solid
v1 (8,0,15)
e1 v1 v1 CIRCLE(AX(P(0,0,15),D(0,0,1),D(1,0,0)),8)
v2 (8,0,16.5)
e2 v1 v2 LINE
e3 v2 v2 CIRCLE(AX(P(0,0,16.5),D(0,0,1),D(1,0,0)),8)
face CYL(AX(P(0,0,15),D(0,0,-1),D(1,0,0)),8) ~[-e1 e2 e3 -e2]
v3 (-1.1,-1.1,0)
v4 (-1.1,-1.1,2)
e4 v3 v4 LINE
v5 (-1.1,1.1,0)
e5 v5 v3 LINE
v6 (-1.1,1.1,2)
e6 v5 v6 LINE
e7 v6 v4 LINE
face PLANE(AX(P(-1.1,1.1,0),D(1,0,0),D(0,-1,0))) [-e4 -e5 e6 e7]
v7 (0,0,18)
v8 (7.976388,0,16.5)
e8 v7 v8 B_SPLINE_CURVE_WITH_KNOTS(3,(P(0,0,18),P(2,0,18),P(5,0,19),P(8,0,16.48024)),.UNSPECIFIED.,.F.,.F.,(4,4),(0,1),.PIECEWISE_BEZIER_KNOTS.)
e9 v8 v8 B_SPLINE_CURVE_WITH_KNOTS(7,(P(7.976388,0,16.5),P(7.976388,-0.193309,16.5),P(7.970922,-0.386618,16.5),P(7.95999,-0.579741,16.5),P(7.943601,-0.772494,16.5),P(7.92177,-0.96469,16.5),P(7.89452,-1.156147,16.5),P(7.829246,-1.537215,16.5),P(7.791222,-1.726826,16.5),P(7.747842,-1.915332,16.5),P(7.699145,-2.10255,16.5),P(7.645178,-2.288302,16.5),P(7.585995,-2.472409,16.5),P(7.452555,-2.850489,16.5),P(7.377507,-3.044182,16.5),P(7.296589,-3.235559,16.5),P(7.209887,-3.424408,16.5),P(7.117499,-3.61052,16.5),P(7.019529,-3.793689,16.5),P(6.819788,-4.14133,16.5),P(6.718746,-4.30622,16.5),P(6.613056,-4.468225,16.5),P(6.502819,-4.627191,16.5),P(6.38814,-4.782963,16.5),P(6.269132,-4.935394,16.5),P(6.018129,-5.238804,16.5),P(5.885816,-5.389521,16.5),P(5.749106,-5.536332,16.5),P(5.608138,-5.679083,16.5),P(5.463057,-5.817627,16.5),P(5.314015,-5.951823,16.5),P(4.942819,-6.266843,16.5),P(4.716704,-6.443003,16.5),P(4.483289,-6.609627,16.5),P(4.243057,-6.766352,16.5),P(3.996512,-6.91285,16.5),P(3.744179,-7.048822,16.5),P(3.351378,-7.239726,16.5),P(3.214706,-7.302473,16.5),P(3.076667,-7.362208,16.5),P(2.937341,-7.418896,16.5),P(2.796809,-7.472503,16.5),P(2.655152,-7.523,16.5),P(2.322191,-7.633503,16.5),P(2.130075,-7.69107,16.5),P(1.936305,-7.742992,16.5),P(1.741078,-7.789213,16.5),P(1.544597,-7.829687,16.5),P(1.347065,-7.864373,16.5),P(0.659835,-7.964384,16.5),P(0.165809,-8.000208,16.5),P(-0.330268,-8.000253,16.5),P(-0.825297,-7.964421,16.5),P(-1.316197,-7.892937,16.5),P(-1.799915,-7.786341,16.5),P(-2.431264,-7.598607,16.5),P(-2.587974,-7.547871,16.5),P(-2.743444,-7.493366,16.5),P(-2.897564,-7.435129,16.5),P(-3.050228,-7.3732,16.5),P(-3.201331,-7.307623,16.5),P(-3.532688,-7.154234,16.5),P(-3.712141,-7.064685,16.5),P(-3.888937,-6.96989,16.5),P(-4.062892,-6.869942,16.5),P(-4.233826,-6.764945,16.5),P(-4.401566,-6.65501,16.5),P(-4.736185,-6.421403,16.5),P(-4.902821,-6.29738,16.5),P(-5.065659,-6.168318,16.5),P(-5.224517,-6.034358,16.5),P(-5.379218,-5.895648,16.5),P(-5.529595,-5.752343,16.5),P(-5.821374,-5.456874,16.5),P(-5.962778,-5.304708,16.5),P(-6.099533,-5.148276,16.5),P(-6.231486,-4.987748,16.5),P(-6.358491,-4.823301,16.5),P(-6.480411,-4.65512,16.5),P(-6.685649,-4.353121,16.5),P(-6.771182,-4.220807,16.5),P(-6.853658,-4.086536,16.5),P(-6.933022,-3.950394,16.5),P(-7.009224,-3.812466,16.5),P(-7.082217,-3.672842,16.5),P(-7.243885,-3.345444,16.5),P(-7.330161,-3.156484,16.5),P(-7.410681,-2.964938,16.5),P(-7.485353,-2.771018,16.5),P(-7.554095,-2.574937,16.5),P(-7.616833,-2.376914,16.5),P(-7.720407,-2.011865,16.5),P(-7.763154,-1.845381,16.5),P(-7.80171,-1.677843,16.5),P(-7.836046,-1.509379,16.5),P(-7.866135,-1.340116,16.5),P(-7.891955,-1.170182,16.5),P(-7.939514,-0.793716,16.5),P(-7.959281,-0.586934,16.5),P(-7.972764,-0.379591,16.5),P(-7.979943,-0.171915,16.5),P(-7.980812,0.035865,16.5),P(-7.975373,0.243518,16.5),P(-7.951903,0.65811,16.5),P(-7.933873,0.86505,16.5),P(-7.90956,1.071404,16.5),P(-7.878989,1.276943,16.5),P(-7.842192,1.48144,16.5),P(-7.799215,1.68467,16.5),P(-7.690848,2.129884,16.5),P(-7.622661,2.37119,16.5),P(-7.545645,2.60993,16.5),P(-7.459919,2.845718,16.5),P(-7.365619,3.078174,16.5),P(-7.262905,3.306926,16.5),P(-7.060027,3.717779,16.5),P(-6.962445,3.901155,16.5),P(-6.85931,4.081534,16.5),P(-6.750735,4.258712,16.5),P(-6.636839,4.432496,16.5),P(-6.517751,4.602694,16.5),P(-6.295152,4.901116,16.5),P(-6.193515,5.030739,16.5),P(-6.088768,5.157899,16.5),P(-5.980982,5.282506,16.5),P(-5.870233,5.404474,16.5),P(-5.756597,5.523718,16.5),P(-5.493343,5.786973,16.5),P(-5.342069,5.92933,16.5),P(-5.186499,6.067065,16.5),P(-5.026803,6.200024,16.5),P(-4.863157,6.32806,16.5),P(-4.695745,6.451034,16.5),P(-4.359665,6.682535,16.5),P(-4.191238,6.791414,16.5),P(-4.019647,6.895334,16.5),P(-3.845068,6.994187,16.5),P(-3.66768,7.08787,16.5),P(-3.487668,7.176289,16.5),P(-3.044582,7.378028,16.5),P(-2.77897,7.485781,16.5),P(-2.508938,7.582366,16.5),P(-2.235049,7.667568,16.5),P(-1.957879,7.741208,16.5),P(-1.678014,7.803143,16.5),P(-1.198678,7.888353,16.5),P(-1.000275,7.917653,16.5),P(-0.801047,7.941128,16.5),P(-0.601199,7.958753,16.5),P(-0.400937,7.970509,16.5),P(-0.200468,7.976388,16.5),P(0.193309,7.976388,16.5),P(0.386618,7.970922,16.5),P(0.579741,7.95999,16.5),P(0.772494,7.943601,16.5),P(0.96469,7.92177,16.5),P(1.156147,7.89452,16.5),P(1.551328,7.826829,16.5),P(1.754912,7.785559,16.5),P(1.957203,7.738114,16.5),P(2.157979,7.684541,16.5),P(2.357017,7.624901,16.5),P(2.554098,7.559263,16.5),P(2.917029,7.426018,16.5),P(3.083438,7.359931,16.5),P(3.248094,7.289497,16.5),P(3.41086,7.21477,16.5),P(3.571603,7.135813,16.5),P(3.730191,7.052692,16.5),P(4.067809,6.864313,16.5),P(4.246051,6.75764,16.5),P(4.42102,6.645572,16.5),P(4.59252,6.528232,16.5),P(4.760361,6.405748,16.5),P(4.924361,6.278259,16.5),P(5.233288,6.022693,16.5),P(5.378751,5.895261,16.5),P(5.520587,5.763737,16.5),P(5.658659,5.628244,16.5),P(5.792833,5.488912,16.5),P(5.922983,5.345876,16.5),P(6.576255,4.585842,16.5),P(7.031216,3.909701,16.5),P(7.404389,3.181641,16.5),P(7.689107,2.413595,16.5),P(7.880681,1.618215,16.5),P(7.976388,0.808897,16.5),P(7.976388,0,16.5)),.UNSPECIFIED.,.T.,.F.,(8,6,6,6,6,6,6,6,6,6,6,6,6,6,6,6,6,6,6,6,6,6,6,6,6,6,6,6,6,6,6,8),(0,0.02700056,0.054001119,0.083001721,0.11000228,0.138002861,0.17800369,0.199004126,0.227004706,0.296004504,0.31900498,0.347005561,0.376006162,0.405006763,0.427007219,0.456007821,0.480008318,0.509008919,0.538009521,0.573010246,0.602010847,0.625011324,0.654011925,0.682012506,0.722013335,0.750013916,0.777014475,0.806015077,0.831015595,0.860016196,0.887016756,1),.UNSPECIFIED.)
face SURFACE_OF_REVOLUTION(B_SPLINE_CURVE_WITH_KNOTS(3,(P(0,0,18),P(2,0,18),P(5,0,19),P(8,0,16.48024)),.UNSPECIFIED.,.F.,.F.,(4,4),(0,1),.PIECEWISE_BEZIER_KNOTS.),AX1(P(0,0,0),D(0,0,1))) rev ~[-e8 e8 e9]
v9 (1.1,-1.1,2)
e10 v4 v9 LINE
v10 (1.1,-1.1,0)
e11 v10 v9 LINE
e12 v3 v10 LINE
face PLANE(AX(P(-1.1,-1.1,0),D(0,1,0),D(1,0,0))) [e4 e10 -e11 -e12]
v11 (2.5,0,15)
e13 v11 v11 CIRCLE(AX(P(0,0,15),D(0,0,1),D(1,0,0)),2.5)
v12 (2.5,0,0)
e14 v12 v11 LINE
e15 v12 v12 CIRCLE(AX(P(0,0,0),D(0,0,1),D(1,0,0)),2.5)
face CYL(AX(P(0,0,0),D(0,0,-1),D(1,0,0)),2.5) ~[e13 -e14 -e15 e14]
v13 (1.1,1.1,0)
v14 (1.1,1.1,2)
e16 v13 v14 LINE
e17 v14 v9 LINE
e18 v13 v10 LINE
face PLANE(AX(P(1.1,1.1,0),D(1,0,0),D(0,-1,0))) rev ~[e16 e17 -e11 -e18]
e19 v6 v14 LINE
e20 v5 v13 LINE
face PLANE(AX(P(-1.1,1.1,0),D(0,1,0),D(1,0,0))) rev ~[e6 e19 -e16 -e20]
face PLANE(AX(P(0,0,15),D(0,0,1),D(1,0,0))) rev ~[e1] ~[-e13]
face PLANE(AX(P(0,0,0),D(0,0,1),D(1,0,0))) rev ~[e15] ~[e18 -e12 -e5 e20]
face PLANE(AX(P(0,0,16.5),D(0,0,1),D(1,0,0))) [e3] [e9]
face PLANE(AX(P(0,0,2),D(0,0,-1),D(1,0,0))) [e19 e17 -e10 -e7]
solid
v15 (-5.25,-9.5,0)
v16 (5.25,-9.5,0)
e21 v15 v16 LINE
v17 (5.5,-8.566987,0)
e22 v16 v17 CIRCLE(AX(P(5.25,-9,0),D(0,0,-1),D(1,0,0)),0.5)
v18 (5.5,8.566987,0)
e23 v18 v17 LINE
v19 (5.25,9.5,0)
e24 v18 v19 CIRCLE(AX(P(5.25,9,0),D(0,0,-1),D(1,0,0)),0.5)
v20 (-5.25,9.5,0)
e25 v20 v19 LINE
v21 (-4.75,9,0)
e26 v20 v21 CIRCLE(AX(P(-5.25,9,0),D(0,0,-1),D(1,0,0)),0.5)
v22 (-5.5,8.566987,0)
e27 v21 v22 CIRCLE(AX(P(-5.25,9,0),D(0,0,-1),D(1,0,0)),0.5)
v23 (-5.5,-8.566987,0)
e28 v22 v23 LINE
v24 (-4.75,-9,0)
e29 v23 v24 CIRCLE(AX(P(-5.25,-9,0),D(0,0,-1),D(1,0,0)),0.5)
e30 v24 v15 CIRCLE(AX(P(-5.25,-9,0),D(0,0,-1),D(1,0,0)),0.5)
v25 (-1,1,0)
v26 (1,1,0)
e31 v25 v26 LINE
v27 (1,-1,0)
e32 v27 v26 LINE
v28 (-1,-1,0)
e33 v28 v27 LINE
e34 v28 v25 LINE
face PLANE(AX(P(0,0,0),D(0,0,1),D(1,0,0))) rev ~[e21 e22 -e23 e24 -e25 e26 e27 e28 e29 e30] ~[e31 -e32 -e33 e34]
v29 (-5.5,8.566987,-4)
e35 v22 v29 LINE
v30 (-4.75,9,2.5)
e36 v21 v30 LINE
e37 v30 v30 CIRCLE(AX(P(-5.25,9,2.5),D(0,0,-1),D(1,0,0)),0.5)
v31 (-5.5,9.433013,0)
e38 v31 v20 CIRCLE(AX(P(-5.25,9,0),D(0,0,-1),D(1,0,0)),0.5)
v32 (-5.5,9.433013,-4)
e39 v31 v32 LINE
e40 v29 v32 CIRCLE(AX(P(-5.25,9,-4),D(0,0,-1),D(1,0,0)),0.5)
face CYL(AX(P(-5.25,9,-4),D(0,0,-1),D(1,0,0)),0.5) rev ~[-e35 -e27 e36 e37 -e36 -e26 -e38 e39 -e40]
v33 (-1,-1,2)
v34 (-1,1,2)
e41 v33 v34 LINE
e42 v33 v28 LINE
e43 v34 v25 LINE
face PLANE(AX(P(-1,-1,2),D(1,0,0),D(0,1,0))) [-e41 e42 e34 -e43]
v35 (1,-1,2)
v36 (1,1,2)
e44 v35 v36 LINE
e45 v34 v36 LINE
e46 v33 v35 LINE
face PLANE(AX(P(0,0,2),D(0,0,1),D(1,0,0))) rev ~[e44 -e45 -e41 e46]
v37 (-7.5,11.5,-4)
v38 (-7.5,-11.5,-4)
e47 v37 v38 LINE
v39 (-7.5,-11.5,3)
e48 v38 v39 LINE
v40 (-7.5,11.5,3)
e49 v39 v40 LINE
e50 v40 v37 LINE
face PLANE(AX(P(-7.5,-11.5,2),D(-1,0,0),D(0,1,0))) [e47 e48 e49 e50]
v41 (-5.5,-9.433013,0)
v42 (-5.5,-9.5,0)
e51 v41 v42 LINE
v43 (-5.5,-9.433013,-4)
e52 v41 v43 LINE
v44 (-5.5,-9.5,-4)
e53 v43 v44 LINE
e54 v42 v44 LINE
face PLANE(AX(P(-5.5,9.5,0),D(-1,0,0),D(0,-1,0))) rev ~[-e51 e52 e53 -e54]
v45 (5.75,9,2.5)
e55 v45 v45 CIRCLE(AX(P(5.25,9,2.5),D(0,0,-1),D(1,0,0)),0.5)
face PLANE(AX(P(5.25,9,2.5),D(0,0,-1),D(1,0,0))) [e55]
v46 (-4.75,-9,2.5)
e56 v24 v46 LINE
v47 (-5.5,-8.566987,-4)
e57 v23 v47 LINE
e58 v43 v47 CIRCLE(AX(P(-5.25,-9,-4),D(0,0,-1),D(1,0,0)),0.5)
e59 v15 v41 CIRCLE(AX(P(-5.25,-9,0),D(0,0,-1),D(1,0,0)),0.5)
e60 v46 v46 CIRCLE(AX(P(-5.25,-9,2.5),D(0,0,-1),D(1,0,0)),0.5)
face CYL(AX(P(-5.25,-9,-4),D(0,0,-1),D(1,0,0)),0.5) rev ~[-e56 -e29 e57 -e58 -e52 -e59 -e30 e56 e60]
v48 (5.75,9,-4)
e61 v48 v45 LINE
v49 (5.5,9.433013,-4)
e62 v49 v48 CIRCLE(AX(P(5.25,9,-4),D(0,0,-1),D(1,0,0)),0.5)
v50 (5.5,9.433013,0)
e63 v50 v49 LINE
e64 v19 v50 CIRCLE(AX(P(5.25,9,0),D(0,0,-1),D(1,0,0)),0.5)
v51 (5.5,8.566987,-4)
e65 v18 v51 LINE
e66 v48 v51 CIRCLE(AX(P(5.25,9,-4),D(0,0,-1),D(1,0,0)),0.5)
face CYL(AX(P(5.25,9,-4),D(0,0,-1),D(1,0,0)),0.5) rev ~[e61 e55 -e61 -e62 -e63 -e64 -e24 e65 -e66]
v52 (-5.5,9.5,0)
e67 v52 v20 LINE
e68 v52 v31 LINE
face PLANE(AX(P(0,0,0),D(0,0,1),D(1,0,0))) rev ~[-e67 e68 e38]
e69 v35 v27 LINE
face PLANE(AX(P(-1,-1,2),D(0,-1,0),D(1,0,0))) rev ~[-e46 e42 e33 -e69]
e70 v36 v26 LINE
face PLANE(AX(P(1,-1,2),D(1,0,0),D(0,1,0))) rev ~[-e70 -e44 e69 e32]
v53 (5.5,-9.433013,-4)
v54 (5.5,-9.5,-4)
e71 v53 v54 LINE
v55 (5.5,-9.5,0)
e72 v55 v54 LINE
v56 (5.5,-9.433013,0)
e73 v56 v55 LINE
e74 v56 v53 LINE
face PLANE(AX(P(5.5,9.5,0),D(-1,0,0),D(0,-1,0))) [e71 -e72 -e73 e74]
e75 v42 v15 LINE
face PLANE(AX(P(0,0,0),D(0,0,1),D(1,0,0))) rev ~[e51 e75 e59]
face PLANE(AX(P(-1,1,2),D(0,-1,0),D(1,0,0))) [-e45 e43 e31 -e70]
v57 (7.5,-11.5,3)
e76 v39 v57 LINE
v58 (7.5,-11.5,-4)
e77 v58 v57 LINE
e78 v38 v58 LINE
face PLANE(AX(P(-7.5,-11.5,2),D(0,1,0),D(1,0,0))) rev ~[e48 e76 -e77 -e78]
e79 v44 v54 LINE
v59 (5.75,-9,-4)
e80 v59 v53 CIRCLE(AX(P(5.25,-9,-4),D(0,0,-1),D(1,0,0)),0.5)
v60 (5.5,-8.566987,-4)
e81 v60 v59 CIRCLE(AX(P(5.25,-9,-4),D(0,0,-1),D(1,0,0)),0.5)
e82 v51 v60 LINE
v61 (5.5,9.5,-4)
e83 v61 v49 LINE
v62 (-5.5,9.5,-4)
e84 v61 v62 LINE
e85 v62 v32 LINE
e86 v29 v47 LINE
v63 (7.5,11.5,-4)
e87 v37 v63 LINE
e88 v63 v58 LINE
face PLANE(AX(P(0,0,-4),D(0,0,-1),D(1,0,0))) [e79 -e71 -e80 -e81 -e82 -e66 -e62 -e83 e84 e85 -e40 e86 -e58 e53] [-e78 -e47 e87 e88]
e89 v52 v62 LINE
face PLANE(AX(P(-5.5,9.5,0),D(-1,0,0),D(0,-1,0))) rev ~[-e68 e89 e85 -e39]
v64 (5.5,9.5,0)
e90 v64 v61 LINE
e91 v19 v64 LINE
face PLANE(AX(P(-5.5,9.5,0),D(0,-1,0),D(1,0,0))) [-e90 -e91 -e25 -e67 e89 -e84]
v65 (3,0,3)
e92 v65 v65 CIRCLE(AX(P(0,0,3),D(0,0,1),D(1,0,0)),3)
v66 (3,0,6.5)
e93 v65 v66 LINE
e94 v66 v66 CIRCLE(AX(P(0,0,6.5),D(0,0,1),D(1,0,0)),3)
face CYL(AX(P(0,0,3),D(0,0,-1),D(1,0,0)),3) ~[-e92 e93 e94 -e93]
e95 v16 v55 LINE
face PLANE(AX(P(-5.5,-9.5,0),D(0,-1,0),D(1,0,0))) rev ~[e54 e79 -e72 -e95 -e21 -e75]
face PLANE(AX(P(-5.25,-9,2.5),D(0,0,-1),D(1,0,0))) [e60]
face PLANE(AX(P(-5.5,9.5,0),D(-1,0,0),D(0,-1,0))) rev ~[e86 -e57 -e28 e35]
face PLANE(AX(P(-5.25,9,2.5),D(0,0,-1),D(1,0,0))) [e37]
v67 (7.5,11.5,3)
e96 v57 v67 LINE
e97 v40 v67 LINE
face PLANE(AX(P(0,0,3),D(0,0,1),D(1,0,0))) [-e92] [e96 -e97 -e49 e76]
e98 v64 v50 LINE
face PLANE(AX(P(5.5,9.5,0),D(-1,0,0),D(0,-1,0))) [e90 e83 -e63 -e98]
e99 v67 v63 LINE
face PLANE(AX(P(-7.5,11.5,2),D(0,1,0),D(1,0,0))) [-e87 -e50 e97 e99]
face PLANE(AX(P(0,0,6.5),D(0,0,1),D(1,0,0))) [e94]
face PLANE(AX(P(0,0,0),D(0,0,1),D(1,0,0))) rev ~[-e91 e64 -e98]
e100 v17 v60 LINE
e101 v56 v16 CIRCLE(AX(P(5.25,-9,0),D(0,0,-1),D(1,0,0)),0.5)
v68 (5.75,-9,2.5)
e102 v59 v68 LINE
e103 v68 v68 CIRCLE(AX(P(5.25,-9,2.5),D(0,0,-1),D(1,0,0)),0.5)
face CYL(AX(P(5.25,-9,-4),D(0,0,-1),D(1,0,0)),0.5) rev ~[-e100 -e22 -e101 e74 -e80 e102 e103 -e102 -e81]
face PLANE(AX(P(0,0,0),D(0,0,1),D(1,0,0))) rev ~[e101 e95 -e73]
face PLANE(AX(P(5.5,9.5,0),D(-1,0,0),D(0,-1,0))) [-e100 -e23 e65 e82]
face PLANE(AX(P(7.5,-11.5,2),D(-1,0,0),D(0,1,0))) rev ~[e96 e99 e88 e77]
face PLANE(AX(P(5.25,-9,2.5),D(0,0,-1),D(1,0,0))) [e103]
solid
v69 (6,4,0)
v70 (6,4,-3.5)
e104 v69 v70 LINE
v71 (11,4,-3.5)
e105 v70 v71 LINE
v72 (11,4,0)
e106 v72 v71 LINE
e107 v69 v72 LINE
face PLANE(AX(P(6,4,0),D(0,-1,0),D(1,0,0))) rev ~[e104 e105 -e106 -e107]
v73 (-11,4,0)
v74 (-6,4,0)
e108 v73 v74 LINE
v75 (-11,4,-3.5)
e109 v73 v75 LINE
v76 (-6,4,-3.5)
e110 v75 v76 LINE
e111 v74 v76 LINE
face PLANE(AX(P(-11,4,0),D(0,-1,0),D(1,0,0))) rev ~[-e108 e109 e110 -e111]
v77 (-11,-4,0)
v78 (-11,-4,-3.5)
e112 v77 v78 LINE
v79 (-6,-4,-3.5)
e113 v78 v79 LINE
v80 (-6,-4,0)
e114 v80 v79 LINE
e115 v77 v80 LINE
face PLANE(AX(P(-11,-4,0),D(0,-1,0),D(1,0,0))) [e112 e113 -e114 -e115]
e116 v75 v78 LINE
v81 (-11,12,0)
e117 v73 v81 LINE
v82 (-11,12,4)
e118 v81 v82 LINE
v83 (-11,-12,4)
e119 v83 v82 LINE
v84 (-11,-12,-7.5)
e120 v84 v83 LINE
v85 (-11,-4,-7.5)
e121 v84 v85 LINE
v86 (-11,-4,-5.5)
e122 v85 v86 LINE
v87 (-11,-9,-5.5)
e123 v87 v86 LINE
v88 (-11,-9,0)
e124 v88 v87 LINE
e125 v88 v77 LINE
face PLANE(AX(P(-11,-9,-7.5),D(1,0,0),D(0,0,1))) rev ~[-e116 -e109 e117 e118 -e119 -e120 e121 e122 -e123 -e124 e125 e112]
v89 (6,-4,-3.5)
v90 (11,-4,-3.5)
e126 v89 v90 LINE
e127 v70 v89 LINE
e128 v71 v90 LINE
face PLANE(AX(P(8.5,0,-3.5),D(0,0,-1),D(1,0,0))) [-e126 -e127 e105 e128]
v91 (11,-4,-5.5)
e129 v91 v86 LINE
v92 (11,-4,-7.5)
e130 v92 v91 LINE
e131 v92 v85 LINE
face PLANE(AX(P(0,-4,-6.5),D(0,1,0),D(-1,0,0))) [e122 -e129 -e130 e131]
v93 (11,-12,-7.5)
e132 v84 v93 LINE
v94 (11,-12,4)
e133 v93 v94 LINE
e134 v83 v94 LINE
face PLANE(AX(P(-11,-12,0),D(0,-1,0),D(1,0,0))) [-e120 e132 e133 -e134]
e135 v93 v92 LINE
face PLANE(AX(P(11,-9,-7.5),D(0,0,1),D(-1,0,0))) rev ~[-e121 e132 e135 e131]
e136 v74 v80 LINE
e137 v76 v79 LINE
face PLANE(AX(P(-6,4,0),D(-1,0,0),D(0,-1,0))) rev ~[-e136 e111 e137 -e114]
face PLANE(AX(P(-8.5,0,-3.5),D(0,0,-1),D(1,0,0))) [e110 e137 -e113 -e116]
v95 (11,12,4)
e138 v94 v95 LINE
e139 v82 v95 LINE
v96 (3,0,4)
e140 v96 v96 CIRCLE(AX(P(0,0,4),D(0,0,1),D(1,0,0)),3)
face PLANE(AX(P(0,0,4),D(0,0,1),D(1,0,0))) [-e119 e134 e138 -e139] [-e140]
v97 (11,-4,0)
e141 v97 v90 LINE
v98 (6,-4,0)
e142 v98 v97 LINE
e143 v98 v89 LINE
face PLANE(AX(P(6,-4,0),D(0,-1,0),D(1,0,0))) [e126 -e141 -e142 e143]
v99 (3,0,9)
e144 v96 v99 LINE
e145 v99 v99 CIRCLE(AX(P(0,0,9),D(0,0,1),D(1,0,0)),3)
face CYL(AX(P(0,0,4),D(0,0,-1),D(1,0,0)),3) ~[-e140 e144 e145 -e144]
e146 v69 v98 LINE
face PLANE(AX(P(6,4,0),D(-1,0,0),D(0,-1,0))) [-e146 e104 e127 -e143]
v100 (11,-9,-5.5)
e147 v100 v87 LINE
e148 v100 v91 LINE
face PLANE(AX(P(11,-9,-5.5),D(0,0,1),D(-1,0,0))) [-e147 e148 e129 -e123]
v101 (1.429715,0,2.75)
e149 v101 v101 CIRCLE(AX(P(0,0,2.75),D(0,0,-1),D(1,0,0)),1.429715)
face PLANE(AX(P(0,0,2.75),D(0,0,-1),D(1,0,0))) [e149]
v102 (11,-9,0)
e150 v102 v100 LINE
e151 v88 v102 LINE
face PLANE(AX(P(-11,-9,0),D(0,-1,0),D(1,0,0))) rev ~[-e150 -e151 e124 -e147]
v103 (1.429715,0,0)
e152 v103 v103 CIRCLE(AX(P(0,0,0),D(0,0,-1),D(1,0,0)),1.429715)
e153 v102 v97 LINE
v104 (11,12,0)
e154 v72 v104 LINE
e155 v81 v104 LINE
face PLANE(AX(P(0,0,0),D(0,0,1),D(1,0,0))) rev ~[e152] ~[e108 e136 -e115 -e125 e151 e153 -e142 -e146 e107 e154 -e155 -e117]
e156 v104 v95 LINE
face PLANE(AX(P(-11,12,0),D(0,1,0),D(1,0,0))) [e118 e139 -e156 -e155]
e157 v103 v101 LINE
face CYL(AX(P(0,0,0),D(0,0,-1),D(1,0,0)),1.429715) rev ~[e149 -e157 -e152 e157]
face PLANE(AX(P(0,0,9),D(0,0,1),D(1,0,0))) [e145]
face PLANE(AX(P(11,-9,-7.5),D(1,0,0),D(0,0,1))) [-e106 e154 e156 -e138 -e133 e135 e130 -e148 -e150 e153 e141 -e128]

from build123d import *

# Parameters (mm, degrees)
SKETCH_R        = 2.5
PAD_DEPTH       = 15
SKETCH001_W     = 2.2
SKETCH001_H     = 2.2
POCKET_DEPTH    = 2
SKETCH002_R     = 8
PAD001_DEPTH    = 1.5
SKETCH004_W     = 22
SKETCH004_H     = 24
PAD002_DEPTH    = 4
SKETCH005_R     = 1.429715
POCKET001_DEPTH = 2.75
SKETCH007_W     = 5
SKETCH007_H     = 8
PAD004_DEPTH    = 3.5
SKETCH008_W     = 22
SKETCH008_H     = 3
PAD005_DEPTH    = 7.5
SKETCH009_W     = 22
SKETCH009_H     = 2
PAD006_DEPTH    = 5
SKETCH010_R     = 3
PAD007_DEPTH    = 5
SKETCH011_W     = 15
SKETCH011_H     = 23
PAD008_DEPTH    = 2
SKETCH012_W     = 2
SKETCH012_H     = 2
POCKET002_DEPTH = 5
SKETCH013_W     = 15
SKETCH013_H     = 23
SKETCH013_W_2   = 11
SKETCH013_H_2   = 19
PAD009_DEPTH    = 4
SKETCH015_W     = 15
SKETCH015_H     = 23
PAD010_DEPTH    = 1
SKETCH016_R     = 3
PAD011_DEPTH    = 3.5
SKETCH014_R     = 0.5
POCKET003_DEPTH = 6.5


with BuildPart() as paddle:
    # Sketch → Pad (new body)
    with BuildSketch(Plane.XY):
        Circle(SKETCH_R)
    extrude(amount=PAD_DEPTH)

    # Sketch001 (on Face2 of Pad) → Pocket (cut)
    with BuildSketch(Plane(origin=(0, 0, 0), x_dir=(1, 0, 0), z_dir=(0, 0, -1))):
        Rectangle(SKETCH001_W, SKETCH001_H)
    extrude(amount=-POCKET_DEPTH, mode=Mode.SUBTRACT)

    # Sketch002 (on Face3 of Pocket) → Pad001 (join)
    with BuildSketch(Plane.XY.offset(15)):
        Circle(SKETCH002_R)
    extrude(amount=PAD001_DEPTH)

    # Sketch003 → Revolution (revolve)
    with BuildSketch(Plane.XZ):
        with BuildLine():
            Line((0, 18), (0, 16.48024))
            Line((0, 16.48024), (8, 16.48024))
            add(Edge.make_bspline(
                [(0, 18), (2, 18), (5, 19), (8, 16.48024)],
                knots=[0, 0, 0, 0, 1, 1, 1, 1], degree=3))
        make_face()
    revolve(axis=Axis((0, 0, 0), (0, 0, 1)))


with BuildPart() as basetest:
    # Sketch004 → Pad002 (new body)
    with BuildSketch(Plane.XY):
        Rectangle(SKETCH004_W, SKETCH004_H)
    extrude(amount=PAD002_DEPTH)

    # Sketch005 (on Face5 of Pad002) → Pocket001 (cut)
    with BuildSketch(Plane(origin=(0, 0, 0), x_dir=(1, 0, 0), z_dir=(0, 0, -1))):
        Circle(SKETCH005_R)
    extrude(amount=-POCKET001_DEPTH, mode=Mode.SUBTRACT)

    # Sketch007 → Pad004 (join)
    with BuildSketch(Plane(origin=(0, 0, 0), x_dir=(1, 0, 0), z_dir=(0, 0, -1))):
        with Locations((-8.5, 0)):
            Rectangle(SKETCH007_W, SKETCH007_H)
        with Locations((8.5, 0)):
            Rectangle(SKETCH007_W, SKETCH007_H)
    extrude(amount=PAD004_DEPTH)

    # Sketch008 (on Face4 of Pad004) → Pad005 (join)
    with BuildSketch(Plane(origin=(0, 0, 0), x_dir=(1, 0, 0), z_dir=(0, 0, -1))):
        with Locations((0, 10.5)):
            Rectangle(SKETCH008_W, SKETCH008_H)
    extrude(amount=PAD005_DEPTH)

    # Sketch009 (on Face14 of Pad005) → Pad006 (join)
    with BuildSketch(Plane(origin=(0, -9, 0), x_dir=(-1, 0, 0), z_dir=(0, 1, 0))):
        with Locations((0, -6.5)):
            Rectangle(SKETCH009_W, SKETCH009_H)
    extrude(amount=PAD006_DEPTH)

    # Sketch010 (on Face5 of Pad006) → Pad007 (join)
    with BuildSketch(Plane.XY.offset(4)):
        Circle(SKETCH010_R)
    extrude(amount=PAD007_DEPTH)


with BuildPart() as test:
    # Sketch011 → Pad008 (new body)
    with BuildSketch(Plane.XY):
        Rectangle(SKETCH011_W, SKETCH011_H)
    extrude(amount=PAD008_DEPTH)

    # Sketch012 (on Face6 of Pad008) → Pocket002 (cut)
    with BuildSketch(Plane.XY.offset(2)):
        Rectangle(SKETCH012_W, SKETCH012_H)
    extrude(amount=-POCKET002_DEPTH, mode=Mode.SUBTRACT)

    # Sketch013 (on Face4 of Pocket002) → Pad009 (join)
    with BuildSketch(Plane(origin=(0, 0, 0), x_dir=(1, 0, 0), z_dir=(0, 0, -1))):
        Rectangle(SKETCH013_W, SKETCH013_H)
        Rectangle(SKETCH013_W_2, SKETCH013_H_2, mode=Mode.SUBTRACT)
    extrude(amount=PAD009_DEPTH)

    # Sketch015 (on Face5 of Pad009) → Pad010 (join)
    with BuildSketch(Plane.XY.offset(2)):
        Rectangle(SKETCH015_W, SKETCH015_H)
    extrude(amount=PAD010_DEPTH)

    # Sketch016 (on Face12 of Pad010) → Pad011 (join)
    with BuildSketch(Plane.XY.offset(3)):
        Circle(SKETCH016_R)
    extrude(amount=PAD011_DEPTH)

    # Sketch014 (on Face11 of Pad011) → Pocket003 (cut)
    with BuildSketch(Plane(origin=(0, 0, -4), x_dir=(1, 0, 0), z_dir=(0, 0, -1))):
        with Locations((-5.25, -9)):
            Circle(SKETCH014_R)
        with Locations((5.25, -9)):
            Circle(SKETCH014_R)
        with Locations((-5.25, 9)):
            Circle(SKETCH014_R)
        with Locations((5.25, 9)):
            Circle(SKETCH014_R)
    extrude(amount=-POCKET003_DEPTH, mode=Mode.SUBTRACT)


solid = Compound([paddle.part, basetest.part, test.part])
